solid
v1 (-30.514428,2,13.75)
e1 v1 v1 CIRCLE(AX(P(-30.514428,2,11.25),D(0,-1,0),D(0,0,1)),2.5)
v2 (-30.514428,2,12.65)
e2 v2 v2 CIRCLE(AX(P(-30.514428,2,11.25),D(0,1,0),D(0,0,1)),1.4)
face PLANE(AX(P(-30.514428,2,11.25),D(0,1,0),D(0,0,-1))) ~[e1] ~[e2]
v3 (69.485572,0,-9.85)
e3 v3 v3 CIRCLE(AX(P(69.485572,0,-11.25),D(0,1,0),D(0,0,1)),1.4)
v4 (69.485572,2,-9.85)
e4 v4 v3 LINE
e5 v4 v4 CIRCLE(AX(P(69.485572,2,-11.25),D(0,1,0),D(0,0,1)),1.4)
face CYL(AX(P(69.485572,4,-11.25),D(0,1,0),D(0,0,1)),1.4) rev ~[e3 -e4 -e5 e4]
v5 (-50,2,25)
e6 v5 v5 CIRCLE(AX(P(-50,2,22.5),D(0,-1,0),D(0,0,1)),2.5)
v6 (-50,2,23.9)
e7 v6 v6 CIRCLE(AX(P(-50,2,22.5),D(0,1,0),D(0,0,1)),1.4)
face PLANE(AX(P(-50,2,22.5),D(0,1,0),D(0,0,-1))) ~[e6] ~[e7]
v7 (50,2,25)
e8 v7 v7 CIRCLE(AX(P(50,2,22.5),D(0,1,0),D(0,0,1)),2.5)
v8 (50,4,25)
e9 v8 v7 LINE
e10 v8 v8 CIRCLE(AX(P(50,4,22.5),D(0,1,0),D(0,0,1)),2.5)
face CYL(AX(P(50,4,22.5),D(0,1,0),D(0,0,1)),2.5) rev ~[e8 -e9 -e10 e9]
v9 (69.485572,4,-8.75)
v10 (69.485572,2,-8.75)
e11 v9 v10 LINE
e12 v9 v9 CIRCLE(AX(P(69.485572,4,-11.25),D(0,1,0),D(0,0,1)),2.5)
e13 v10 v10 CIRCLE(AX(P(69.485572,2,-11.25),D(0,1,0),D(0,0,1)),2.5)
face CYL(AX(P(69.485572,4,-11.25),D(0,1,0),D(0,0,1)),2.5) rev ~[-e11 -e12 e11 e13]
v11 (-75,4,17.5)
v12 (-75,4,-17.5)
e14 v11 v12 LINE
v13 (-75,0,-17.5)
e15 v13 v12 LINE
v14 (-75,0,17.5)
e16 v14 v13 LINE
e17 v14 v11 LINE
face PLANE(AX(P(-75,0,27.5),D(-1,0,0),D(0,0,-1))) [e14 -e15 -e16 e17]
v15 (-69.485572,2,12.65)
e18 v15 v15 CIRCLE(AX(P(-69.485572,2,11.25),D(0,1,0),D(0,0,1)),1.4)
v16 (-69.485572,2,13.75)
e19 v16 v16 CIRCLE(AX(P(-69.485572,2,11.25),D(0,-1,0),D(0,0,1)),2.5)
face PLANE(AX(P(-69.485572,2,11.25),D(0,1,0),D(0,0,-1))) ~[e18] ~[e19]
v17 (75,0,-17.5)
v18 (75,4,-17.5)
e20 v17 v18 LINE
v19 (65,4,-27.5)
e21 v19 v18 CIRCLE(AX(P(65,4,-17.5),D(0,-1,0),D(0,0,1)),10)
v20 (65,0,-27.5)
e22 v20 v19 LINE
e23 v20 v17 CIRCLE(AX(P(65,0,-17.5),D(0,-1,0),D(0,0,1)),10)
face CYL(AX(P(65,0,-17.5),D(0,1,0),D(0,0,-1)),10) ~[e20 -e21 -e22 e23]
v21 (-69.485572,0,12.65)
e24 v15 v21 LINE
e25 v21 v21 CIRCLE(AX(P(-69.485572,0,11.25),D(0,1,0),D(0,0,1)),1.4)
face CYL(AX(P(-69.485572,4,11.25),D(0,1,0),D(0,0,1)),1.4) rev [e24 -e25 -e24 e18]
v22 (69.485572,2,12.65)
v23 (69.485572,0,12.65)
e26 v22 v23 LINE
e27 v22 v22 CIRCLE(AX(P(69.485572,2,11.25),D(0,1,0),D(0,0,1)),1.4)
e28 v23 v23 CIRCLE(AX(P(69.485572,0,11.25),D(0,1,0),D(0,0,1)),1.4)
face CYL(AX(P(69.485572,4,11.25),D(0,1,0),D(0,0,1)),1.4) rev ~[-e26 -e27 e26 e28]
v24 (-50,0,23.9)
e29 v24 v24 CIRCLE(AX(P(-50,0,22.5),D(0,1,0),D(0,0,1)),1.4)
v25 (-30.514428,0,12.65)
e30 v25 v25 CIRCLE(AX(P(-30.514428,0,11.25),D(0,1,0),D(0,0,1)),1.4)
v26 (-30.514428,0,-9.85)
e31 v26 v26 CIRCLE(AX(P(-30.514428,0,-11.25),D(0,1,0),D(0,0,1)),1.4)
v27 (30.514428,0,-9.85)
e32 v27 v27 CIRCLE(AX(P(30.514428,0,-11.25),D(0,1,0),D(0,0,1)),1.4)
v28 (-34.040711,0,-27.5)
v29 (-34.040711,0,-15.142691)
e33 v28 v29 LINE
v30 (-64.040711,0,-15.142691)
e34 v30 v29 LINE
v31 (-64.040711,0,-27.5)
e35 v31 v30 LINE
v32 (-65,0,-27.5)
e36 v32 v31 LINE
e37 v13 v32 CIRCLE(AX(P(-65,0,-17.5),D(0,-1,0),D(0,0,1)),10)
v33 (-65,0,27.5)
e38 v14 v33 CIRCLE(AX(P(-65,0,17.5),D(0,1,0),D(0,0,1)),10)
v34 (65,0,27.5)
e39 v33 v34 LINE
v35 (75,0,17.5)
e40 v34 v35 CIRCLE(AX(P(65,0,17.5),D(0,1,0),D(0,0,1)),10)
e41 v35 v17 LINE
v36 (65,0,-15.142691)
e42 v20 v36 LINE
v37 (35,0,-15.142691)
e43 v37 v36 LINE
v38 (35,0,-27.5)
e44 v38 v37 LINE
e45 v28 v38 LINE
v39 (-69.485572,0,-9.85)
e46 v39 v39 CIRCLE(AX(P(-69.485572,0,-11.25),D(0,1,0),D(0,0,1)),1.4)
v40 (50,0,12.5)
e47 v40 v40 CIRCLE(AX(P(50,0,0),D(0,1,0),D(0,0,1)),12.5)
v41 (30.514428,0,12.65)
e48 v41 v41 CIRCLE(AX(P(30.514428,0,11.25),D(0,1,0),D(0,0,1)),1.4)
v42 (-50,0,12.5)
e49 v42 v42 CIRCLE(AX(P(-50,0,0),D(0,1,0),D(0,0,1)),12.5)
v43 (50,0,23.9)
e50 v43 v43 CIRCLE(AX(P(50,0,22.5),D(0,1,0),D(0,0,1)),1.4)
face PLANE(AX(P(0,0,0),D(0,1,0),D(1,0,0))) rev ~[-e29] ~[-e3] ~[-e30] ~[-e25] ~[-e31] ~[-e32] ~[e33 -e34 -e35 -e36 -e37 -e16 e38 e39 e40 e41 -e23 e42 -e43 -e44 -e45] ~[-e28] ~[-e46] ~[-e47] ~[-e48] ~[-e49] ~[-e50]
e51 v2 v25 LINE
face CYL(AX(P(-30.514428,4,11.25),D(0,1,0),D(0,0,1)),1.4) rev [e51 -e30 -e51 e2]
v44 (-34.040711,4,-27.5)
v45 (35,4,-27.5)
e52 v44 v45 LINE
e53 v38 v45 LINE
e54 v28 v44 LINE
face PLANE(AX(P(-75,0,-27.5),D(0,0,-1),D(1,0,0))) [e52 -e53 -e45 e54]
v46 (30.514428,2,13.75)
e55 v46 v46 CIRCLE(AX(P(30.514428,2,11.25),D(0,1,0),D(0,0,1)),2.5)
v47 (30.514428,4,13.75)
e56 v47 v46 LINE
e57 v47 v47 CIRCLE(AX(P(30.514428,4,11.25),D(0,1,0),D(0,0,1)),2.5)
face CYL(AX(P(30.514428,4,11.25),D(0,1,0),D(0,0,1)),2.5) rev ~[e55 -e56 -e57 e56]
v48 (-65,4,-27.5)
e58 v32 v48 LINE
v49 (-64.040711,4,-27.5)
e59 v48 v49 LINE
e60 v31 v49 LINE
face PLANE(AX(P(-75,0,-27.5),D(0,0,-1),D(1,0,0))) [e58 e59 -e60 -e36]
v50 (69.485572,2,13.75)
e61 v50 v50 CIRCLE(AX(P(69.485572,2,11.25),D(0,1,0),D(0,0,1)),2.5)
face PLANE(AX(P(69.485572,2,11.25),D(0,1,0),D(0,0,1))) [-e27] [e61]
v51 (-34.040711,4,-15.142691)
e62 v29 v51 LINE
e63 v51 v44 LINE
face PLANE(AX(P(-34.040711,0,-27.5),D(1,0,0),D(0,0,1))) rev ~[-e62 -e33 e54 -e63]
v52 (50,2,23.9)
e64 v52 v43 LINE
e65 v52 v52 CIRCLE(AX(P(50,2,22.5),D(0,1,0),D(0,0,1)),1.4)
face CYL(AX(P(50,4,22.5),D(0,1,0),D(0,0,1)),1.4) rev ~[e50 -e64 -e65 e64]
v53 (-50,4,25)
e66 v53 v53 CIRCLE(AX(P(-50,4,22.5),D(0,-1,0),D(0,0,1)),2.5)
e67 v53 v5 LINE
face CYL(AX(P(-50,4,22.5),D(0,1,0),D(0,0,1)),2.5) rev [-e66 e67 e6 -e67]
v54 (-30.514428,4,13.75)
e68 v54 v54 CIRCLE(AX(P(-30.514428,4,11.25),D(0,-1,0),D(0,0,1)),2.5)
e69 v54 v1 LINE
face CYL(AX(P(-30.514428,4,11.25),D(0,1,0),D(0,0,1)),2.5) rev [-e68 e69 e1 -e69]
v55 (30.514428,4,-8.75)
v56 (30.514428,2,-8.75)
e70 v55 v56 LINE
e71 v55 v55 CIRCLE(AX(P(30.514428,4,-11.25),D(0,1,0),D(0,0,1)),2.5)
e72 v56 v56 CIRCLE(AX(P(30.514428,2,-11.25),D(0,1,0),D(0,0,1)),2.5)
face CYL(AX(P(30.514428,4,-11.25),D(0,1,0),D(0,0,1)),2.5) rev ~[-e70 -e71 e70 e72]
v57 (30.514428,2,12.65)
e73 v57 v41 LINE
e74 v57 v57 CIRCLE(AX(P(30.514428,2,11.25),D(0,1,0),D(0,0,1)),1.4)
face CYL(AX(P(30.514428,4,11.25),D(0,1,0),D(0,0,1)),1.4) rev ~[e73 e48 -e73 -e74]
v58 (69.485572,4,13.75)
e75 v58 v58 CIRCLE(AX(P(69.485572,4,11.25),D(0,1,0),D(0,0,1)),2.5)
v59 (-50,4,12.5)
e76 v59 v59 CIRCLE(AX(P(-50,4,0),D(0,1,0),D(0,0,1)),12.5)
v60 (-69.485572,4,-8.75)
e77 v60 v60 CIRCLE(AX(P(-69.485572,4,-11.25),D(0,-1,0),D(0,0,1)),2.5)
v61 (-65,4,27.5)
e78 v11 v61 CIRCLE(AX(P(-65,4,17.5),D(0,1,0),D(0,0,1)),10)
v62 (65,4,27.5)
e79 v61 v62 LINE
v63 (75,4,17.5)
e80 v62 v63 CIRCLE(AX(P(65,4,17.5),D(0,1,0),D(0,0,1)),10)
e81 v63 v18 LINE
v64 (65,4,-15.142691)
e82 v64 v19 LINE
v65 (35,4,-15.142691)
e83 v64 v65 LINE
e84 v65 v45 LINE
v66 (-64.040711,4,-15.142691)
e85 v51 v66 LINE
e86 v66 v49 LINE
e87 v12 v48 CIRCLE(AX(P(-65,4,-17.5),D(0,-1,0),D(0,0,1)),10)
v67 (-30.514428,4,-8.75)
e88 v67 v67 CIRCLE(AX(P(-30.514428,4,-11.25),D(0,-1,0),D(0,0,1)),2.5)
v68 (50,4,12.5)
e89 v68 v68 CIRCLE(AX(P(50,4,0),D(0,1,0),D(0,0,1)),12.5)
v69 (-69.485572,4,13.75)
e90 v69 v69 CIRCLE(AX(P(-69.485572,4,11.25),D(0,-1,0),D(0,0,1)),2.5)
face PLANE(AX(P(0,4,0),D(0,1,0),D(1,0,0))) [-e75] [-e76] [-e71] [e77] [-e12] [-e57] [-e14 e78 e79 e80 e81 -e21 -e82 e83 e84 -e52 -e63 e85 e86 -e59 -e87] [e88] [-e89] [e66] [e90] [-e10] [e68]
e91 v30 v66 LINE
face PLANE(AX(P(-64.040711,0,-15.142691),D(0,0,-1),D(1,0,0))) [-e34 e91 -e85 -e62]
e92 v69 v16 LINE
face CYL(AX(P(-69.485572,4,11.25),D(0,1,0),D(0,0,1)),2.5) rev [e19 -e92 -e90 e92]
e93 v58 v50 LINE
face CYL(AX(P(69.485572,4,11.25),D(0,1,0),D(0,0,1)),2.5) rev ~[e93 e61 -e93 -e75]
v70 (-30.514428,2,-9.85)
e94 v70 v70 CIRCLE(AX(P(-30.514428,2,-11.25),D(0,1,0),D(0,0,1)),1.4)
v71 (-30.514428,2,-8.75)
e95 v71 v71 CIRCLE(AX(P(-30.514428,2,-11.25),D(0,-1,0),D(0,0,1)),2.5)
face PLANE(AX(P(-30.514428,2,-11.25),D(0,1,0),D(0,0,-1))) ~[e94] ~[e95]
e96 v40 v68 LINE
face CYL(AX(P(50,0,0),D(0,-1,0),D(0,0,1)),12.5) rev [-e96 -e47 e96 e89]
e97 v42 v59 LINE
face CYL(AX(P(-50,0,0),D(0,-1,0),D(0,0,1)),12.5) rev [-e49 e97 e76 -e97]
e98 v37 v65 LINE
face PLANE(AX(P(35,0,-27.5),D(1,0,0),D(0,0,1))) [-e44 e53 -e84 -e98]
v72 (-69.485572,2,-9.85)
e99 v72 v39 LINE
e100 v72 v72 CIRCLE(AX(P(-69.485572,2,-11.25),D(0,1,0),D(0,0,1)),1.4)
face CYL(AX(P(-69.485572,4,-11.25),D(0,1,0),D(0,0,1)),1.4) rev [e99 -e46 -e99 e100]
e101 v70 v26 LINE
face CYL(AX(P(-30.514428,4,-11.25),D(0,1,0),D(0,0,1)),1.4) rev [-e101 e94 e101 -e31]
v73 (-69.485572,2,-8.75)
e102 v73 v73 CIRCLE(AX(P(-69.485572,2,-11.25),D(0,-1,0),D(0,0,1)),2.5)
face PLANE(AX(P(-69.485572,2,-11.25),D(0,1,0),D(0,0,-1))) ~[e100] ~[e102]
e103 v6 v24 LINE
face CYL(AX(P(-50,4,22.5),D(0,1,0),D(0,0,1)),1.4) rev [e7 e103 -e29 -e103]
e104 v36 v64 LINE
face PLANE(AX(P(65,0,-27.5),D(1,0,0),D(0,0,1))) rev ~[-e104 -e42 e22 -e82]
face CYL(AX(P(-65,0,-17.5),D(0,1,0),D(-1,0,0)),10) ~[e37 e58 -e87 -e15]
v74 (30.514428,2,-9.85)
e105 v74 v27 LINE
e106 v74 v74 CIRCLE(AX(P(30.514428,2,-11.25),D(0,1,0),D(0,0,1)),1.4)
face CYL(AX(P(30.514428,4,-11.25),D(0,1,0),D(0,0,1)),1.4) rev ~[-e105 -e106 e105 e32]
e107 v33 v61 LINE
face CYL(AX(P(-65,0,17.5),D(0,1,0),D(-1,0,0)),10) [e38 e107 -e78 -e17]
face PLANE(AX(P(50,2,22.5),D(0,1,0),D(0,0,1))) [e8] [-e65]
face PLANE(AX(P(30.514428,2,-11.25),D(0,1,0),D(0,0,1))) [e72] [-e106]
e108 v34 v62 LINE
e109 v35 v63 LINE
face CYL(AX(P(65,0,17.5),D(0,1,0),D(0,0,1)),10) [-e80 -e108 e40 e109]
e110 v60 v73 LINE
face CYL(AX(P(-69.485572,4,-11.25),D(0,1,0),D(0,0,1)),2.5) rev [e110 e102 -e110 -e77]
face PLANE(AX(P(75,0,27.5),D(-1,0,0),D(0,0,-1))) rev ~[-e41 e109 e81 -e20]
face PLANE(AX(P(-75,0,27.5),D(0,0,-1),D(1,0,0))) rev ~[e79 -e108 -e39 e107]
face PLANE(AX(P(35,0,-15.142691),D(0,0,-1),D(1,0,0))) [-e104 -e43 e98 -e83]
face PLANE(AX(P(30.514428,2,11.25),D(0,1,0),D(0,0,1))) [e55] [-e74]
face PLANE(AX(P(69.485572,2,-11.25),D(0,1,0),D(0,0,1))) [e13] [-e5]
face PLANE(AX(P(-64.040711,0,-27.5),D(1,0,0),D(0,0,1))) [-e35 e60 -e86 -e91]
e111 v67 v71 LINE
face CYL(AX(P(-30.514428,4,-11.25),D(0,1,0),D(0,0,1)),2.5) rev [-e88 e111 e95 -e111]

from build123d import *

# Parameters (mm, degrees)
SKETCH1_W           = 150
SKETCH1_H           = 55
SKETCH1_R           = 12.5
BOSS_EXTRUDE1_DEPTH = 4
SKETCH2_R           = 1.4
CUT_EXTRUDE1_DEPTH  = 80.982810653
SKETCH3_R           = 2.5
CUT_EXTRUDE3_DEPTH  = 2
FILLET1_R           = 10
SKETCH4_W           = 30
SKETCH4_H           = 12.357308998
CUT_EXTRUDE4_DEPTH  = 80.982810653


with BuildPart() as part:
    # Sketch1 → Boss-Extrude1 (new body)
    with BuildSketch(Plane(origin=(0, 0, 0), x_dir=(1, 0, 0), z_dir=(0, 1, 0))):
        Rectangle(SKETCH1_W, SKETCH1_H)
        with Locations(Location((-50, 0, 0), (0, 0, 270))):
            Circle(SKETCH1_R, mode=Mode.SUBTRACT)
        with Locations(Location((50, 0, 0), (0, 0, 270))):
            Circle(SKETCH1_R, mode=Mode.SUBTRACT)
    extrude(amount=BOSS_EXTRUDE1_DEPTH)

    # Sketch2 → Cut-Extrude1 (cut, through all)
    with BuildSketch(Plane(origin=(0, 4, 0), x_dir=(1, 0, 0), z_dir=(0, 1, 0))):
        with Locations(Location((30.514428415, 11.25, 0), (0, 0, 270))):
            Circle(SKETCH2_R)
        with Locations(Location((69.485571585, 11.25, 0), (0, 0, 270))):
            Circle(SKETCH2_R)
        with Locations(Location((69.485571585, -11.25, 0), (0, 0, 270))):
            Circle(SKETCH2_R)
        with Locations(Location((30.514428415, -11.25, 0), (0, 0, 270))):
            Circle(SKETCH2_R)
        with Locations(Location((50, -22.5, 0), (0, 0, 270))):
            Circle(SKETCH2_R)
    cut_extrude1 = extrude(amount=-CUT_EXTRUDE1_DEPTH, mode=Mode.SUBTRACT)

    # Sketch3 → Cut-Extrude3 (cut)
    with BuildSketch(Plane(origin=(0, 4, 0), x_dir=(1, 0, 0), z_dir=(0, 1, 0))):
        with Locations(Location((30.514428415, 11.25, 0), (0, 0, 270))):
            Circle(SKETCH3_R)
        with Locations(Location((30.514428415, -11.25, 0), (0, 0, 270))):
            Circle(SKETCH3_R)
        with Locations(Location((50, -22.5, 0), (0, 0, 270))):
            Circle(SKETCH3_R)
        with Locations(Location((69.485571585, -11.25, 0), (0, 0, 270))):
            Circle(SKETCH3_R)
        with Locations(Location((69.485571585, 11.25, 0), (0, 0, 270))):
            Circle(SKETCH3_R)
    cut_extrude3 = extrude(amount=-CUT_EXTRUDE3_DEPTH, mode=Mode.SUBTRACT)

    # Mirror1: Cut-Extrude1, Cut-Extrude3 across plane
    add(cut_extrude1.mirror(Plane(origin=(0, 0, 0), x_dir=(0, 0, 1), z_dir=(1, 0, 0))), mode=Mode.SUBTRACT)
    add(cut_extrude3.mirror(Plane(origin=(0, 0, 0), x_dir=(0, 0, 1), z_dir=(1, 0, 0))), mode=Mode.SUBTRACT)

    # Fillet1
    fillet1_edges = [part.edges().sort_by_distance(p)[0] for p in [
        (-75, 2, -27.5),
        (75, 2, -27.5),
        (75, 2, 27.5),
        (-75, 2, 27.5),
    ]]
    fillet(fillet1_edges, radius=FILLET1_R)

    # Sketch4 → Cut-Extrude4 (cut, through all)
    with BuildSketch(Plane.XZ):
        with Locations((-49.04071088, -21.321345501)):
            Rectangle(SKETCH4_W, SKETCH4_H)
        with Locations((50, -21.321345501)):
            Rectangle(SKETCH4_W, SKETCH4_H)
    extrude(amount=-CUT_EXTRUDE4_DEPTH, mode=Mode.SUBTRACT)


solid = part.part
